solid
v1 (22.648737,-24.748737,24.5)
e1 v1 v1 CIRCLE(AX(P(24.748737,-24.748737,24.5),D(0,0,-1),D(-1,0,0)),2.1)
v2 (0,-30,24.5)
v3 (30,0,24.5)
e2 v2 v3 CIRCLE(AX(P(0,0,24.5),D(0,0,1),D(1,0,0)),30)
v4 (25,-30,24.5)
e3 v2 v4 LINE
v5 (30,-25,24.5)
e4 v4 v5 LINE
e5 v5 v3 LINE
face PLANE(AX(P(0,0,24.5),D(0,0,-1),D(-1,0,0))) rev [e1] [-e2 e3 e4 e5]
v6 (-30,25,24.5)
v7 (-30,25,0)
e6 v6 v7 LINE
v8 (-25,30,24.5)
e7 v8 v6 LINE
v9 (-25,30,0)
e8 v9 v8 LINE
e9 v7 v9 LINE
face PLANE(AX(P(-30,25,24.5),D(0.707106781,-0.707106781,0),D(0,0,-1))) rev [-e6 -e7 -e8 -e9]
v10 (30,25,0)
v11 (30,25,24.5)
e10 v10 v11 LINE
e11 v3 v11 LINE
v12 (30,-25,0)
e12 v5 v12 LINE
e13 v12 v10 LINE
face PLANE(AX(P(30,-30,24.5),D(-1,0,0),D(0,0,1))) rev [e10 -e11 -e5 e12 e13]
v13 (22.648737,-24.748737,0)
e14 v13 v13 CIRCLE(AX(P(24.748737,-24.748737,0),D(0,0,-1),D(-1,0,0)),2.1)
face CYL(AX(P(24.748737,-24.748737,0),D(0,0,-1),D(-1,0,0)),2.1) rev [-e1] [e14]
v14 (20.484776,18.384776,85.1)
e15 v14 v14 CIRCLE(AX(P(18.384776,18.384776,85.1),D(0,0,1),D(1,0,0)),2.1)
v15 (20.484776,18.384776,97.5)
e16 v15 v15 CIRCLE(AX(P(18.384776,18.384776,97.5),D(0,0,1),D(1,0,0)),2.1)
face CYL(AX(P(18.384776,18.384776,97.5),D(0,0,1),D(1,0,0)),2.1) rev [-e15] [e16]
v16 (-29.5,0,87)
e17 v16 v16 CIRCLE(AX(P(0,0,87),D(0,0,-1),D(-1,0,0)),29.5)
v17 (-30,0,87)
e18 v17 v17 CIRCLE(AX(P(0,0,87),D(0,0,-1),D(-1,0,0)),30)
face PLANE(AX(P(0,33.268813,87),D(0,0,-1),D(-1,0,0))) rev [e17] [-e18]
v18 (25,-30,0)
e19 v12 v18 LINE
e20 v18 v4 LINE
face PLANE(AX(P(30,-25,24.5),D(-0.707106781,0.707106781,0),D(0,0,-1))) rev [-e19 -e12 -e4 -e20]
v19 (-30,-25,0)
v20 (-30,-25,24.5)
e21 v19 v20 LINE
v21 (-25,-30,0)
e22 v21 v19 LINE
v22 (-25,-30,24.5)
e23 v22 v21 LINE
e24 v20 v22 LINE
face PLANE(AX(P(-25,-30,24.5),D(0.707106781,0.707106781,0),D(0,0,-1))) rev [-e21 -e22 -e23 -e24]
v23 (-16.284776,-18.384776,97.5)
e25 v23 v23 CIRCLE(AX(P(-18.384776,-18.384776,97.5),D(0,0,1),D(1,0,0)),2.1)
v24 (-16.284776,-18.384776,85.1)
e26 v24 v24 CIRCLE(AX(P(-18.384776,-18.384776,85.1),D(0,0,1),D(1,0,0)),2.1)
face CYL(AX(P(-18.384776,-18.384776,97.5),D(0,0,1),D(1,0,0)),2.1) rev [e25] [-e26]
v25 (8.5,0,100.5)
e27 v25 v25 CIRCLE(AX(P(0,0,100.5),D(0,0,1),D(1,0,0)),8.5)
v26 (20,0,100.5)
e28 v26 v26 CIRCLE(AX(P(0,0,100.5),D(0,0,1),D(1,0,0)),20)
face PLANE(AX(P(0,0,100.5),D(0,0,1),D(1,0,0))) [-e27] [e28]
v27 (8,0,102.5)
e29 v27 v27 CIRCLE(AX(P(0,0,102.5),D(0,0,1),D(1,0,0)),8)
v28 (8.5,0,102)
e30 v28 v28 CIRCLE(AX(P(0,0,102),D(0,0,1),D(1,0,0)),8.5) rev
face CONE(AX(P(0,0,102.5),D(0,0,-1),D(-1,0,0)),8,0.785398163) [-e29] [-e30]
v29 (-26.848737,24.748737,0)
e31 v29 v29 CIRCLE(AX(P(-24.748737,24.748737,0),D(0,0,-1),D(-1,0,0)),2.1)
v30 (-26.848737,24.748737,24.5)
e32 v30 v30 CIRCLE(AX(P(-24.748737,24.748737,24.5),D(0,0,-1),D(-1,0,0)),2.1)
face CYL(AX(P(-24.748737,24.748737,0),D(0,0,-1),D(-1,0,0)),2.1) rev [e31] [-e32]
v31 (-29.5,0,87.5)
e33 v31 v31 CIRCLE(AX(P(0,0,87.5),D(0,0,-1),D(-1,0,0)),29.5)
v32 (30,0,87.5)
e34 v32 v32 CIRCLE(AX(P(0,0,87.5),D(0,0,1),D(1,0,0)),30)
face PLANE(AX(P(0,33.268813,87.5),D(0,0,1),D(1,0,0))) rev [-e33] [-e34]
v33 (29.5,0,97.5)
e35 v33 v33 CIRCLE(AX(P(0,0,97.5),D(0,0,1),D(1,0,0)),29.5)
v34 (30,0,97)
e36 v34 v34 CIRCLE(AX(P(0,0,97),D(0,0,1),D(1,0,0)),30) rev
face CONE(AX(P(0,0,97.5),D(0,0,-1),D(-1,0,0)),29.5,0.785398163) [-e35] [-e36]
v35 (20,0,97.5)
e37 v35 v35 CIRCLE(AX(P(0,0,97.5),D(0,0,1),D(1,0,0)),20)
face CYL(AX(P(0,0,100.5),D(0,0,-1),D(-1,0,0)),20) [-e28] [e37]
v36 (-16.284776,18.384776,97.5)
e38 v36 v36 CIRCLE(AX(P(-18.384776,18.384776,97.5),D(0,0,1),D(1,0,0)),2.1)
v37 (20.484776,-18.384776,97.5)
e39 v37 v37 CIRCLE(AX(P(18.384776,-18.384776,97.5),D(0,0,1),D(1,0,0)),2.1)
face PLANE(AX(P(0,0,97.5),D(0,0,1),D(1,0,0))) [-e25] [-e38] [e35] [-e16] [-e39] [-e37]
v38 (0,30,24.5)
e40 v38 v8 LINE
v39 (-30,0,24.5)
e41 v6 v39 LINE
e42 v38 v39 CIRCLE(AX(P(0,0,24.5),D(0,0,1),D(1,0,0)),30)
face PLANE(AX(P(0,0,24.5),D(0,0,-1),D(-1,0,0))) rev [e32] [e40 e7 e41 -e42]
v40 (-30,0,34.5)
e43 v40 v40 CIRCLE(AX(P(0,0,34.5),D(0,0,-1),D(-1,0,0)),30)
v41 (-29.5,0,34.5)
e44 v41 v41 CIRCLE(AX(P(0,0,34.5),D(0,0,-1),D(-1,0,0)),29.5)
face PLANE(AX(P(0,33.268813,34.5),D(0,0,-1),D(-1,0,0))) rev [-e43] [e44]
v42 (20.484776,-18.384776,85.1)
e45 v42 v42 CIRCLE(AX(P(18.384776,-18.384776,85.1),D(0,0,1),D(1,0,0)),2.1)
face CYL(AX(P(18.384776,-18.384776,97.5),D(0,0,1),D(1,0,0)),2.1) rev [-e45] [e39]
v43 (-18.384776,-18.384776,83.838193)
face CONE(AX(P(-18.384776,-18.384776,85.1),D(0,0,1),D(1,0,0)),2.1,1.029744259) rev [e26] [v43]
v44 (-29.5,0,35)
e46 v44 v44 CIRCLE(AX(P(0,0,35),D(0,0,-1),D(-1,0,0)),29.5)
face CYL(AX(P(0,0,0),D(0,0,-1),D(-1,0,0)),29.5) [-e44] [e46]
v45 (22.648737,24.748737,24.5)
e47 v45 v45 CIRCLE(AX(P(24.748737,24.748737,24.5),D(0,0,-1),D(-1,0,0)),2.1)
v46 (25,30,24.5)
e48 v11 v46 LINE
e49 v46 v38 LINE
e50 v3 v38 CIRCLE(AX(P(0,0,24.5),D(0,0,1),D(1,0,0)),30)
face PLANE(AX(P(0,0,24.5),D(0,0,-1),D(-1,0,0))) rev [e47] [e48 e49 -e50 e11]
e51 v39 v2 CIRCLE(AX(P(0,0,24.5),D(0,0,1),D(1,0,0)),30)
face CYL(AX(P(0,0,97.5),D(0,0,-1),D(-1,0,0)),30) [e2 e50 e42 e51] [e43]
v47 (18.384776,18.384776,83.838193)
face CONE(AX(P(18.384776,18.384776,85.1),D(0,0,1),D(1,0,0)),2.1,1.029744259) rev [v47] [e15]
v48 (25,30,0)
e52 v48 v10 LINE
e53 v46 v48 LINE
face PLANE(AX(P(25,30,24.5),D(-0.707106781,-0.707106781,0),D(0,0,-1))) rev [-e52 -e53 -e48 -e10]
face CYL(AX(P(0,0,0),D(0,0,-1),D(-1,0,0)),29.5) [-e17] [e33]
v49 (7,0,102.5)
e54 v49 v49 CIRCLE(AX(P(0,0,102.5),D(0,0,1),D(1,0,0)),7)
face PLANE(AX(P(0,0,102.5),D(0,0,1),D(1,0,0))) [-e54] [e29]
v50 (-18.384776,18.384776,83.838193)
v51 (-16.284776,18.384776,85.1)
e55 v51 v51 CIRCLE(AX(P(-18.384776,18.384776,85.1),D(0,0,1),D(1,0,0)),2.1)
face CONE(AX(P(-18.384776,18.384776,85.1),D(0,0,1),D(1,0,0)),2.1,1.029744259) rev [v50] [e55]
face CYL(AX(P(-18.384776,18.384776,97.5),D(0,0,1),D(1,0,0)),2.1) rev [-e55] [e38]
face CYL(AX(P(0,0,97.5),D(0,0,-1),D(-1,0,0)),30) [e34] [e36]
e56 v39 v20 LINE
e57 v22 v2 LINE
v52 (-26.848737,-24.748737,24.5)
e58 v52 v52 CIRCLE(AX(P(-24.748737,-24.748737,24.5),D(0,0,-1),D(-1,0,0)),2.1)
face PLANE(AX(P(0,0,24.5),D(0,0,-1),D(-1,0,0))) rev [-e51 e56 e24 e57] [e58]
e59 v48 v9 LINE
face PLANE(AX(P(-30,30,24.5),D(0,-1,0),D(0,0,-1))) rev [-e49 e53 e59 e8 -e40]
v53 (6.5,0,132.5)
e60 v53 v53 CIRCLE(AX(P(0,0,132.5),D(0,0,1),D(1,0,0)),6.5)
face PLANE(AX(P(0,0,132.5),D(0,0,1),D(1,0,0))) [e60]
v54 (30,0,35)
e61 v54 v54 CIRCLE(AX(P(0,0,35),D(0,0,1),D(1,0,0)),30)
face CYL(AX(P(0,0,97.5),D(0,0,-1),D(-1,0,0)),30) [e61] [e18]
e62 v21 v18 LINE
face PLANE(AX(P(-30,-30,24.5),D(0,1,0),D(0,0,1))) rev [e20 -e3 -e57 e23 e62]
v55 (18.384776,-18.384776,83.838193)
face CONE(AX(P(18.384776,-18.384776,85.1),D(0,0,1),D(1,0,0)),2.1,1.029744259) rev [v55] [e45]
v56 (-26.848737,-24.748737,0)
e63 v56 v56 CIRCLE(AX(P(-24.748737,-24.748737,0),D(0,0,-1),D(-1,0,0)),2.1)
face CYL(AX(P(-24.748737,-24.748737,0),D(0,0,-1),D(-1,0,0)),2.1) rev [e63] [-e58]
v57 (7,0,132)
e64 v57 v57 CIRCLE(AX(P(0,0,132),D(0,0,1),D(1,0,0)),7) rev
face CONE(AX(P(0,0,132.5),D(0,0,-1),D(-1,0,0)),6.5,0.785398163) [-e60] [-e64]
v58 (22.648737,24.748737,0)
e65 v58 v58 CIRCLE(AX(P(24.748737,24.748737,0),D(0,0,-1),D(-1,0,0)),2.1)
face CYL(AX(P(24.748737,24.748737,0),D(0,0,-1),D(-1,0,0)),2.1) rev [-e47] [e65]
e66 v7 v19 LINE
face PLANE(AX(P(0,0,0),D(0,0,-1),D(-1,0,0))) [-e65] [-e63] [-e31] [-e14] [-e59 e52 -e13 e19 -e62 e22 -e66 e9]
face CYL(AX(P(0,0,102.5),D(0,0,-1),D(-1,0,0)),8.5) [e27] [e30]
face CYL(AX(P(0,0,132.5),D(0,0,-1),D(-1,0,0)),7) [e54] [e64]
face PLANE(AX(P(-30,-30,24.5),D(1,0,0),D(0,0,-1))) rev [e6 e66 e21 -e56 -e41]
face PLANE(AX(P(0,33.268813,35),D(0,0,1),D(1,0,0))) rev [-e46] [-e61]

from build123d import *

# Parameters (mm, degrees)
SKETCH_1_W               = 60
SKETCH_1_H               = 60
EXTRUDE_1_DEPTH          = 24.5
CHAMFER_1_SIZE           = 5
SKETCH_2_R               = 30
EXTRUDE_2_DEPTH          = 73
SKETCH_3_W               = 0.5
SKETCH_3_H               = 3.76881343
SKETCH_4_R               = 7
EXTRUDE_3_DEPTH          = 35
SKETCH_5_R               = 20
EXTRUDE_4_DEPTH          = 3
SKETCH_6_R               = 8.5
EXTRUDE_5_DEPTH          = 2
PATTERN_CIRCULAR_1_COUNT = 4
HOLE_WIZARD_M5_2_D       = 4.2
PATTERN_CIRCULAR_2_COUNT = 4
CHAMFER_2_SIZE           = 0.5


with BuildPart() as part:
    # 草图1 → 凸台-拉伸1 (new body)
    with BuildSketch(Plane.XY):
        Rectangle(SKETCH_1_W, SKETCH_1_H)
    extrude(amount=EXTRUDE_1_DEPTH)

    # 倒角1
    chamfer_1_edges = [part.edges().sort_by_distance(p)[0] for p in [
        (30, -30, 12.25),
        (-30, -30, 12.25),
        (-30, 30, 12.25),
        (30, 30, 12.25),
    ]]
    chamfer(chamfer_1_edges, length=CHAMFER_1_SIZE)

    # 草图2 → 凸台-拉伸2 (add)
    with BuildSketch(Plane.XY.offset(24.5)):
        Circle(SKETCH_2_R)
    extrude(amount=EXTRUDE_2_DEPTH)

    # 草图3 → 切除-旋转1 (revolve, cut)
    with BuildSketch(Plane(origin=(0, 0, 0), x_dir=(0, 0, -1), z_dir=(1, 0, 0)), mode=Mode.PRIVATE) as cut_revolve_1_sk:
        with Locations((-87.25, 31.384406715)):
            Rectangle(SKETCH_3_W, SKETCH_3_H)
        with Locations((-34.75, 31.384406715)):
            Rectangle(SKETCH_3_W, SKETCH_3_H)
    revolve(cut_revolve_1_sk.sketch.rotate(Axis((0, 0, 0), (0, 0, 1)), 90), axis=Axis((0, 0, 0), (0, 0, 1)), mode=Mode.SUBTRACT)

    # 草图4 → 凸台-拉伸3 (add)
    with BuildSketch(Plane.XY.offset(97.5)):
        Circle(SKETCH_4_R)
    extrude(amount=EXTRUDE_3_DEPTH)

    # 草图5 → 凸台-拉伸4 (add)
    with BuildSketch(Plane.XY.offset(97.5)):
        Circle(SKETCH_5_R)
    extrude(amount=EXTRUDE_4_DEPTH)

    # 草图6 → 凸台-拉伸5 (add)
    with BuildSketch(Plane.XY.offset(100.5)):
        Circle(SKETCH_6_R)
    extrude(amount=EXTRUDE_5_DEPTH)

    # 草图7 → M5 螺纹孔1 (revolve, cut)
    with BuildSketch(Plane(origin=(18.384776311, 18.384776311, 97.5), x_dir=(0, -1, 0), z_dir=(1, 0, 0))):
        Polygon((0, 0), (0, 13.6618073), (2.1, 12.4), (2.1, 0), align=None)
    hole_wizard_m5_1 = revolve(axis=Axis((18.384776311, 18.384776311, 103.85), (0, 0, -1)), mode=Mode.SUBTRACT)

    # 阵列(圆周)1: M5 螺纹孔1 ×4 about axis
    pattern_circular_1_axis = Axis((0, 0, 0), (0, 0, 1))
    for i in range(1, PATTERN_CIRCULAR_1_COUNT):
        add(hole_wizard_m5_1.rotate(pattern_circular_1_axis, i * 360 / PATTERN_CIRCULAR_1_COUNT), mode=Mode.SUBTRACT)

    # M5 螺纹孔2 (through all)
    with Locations(Plane(origin=(0, 0, 0), x_dir=(-1, 0, 0), z_dir=(0, 0, -1))):
        with Locations((24.748737342, 24.748737342)):
            hole_wizard_m5_2 = Hole(HOLE_WIZARD_M5_2_D / 2)

    # 阵列(圆周)2: M5 螺纹孔2 ×4 about axis
    pattern_circular_2_axis = Axis((0, 0, 0), (0, 0, 1))
    for i in range(1, PATTERN_CIRCULAR_2_COUNT):
        add(hole_wizard_m5_2.rotate(pattern_circular_2_axis, i * 360 / PATTERN_CIRCULAR_2_COUNT), mode=Mode.SUBTRACT)

    # 倒角2
    chamfer_2_edges = [part.edges().sort_by_distance(p)[0] for p in [
        (-30, 0, 97.5),
        (-7, 0, 132.5),
        (-8.5, 0, 102.5),
    ]]
    chamfer(chamfer_2_edges, length=CHAMFER_2_SIZE)


solid = part.part
